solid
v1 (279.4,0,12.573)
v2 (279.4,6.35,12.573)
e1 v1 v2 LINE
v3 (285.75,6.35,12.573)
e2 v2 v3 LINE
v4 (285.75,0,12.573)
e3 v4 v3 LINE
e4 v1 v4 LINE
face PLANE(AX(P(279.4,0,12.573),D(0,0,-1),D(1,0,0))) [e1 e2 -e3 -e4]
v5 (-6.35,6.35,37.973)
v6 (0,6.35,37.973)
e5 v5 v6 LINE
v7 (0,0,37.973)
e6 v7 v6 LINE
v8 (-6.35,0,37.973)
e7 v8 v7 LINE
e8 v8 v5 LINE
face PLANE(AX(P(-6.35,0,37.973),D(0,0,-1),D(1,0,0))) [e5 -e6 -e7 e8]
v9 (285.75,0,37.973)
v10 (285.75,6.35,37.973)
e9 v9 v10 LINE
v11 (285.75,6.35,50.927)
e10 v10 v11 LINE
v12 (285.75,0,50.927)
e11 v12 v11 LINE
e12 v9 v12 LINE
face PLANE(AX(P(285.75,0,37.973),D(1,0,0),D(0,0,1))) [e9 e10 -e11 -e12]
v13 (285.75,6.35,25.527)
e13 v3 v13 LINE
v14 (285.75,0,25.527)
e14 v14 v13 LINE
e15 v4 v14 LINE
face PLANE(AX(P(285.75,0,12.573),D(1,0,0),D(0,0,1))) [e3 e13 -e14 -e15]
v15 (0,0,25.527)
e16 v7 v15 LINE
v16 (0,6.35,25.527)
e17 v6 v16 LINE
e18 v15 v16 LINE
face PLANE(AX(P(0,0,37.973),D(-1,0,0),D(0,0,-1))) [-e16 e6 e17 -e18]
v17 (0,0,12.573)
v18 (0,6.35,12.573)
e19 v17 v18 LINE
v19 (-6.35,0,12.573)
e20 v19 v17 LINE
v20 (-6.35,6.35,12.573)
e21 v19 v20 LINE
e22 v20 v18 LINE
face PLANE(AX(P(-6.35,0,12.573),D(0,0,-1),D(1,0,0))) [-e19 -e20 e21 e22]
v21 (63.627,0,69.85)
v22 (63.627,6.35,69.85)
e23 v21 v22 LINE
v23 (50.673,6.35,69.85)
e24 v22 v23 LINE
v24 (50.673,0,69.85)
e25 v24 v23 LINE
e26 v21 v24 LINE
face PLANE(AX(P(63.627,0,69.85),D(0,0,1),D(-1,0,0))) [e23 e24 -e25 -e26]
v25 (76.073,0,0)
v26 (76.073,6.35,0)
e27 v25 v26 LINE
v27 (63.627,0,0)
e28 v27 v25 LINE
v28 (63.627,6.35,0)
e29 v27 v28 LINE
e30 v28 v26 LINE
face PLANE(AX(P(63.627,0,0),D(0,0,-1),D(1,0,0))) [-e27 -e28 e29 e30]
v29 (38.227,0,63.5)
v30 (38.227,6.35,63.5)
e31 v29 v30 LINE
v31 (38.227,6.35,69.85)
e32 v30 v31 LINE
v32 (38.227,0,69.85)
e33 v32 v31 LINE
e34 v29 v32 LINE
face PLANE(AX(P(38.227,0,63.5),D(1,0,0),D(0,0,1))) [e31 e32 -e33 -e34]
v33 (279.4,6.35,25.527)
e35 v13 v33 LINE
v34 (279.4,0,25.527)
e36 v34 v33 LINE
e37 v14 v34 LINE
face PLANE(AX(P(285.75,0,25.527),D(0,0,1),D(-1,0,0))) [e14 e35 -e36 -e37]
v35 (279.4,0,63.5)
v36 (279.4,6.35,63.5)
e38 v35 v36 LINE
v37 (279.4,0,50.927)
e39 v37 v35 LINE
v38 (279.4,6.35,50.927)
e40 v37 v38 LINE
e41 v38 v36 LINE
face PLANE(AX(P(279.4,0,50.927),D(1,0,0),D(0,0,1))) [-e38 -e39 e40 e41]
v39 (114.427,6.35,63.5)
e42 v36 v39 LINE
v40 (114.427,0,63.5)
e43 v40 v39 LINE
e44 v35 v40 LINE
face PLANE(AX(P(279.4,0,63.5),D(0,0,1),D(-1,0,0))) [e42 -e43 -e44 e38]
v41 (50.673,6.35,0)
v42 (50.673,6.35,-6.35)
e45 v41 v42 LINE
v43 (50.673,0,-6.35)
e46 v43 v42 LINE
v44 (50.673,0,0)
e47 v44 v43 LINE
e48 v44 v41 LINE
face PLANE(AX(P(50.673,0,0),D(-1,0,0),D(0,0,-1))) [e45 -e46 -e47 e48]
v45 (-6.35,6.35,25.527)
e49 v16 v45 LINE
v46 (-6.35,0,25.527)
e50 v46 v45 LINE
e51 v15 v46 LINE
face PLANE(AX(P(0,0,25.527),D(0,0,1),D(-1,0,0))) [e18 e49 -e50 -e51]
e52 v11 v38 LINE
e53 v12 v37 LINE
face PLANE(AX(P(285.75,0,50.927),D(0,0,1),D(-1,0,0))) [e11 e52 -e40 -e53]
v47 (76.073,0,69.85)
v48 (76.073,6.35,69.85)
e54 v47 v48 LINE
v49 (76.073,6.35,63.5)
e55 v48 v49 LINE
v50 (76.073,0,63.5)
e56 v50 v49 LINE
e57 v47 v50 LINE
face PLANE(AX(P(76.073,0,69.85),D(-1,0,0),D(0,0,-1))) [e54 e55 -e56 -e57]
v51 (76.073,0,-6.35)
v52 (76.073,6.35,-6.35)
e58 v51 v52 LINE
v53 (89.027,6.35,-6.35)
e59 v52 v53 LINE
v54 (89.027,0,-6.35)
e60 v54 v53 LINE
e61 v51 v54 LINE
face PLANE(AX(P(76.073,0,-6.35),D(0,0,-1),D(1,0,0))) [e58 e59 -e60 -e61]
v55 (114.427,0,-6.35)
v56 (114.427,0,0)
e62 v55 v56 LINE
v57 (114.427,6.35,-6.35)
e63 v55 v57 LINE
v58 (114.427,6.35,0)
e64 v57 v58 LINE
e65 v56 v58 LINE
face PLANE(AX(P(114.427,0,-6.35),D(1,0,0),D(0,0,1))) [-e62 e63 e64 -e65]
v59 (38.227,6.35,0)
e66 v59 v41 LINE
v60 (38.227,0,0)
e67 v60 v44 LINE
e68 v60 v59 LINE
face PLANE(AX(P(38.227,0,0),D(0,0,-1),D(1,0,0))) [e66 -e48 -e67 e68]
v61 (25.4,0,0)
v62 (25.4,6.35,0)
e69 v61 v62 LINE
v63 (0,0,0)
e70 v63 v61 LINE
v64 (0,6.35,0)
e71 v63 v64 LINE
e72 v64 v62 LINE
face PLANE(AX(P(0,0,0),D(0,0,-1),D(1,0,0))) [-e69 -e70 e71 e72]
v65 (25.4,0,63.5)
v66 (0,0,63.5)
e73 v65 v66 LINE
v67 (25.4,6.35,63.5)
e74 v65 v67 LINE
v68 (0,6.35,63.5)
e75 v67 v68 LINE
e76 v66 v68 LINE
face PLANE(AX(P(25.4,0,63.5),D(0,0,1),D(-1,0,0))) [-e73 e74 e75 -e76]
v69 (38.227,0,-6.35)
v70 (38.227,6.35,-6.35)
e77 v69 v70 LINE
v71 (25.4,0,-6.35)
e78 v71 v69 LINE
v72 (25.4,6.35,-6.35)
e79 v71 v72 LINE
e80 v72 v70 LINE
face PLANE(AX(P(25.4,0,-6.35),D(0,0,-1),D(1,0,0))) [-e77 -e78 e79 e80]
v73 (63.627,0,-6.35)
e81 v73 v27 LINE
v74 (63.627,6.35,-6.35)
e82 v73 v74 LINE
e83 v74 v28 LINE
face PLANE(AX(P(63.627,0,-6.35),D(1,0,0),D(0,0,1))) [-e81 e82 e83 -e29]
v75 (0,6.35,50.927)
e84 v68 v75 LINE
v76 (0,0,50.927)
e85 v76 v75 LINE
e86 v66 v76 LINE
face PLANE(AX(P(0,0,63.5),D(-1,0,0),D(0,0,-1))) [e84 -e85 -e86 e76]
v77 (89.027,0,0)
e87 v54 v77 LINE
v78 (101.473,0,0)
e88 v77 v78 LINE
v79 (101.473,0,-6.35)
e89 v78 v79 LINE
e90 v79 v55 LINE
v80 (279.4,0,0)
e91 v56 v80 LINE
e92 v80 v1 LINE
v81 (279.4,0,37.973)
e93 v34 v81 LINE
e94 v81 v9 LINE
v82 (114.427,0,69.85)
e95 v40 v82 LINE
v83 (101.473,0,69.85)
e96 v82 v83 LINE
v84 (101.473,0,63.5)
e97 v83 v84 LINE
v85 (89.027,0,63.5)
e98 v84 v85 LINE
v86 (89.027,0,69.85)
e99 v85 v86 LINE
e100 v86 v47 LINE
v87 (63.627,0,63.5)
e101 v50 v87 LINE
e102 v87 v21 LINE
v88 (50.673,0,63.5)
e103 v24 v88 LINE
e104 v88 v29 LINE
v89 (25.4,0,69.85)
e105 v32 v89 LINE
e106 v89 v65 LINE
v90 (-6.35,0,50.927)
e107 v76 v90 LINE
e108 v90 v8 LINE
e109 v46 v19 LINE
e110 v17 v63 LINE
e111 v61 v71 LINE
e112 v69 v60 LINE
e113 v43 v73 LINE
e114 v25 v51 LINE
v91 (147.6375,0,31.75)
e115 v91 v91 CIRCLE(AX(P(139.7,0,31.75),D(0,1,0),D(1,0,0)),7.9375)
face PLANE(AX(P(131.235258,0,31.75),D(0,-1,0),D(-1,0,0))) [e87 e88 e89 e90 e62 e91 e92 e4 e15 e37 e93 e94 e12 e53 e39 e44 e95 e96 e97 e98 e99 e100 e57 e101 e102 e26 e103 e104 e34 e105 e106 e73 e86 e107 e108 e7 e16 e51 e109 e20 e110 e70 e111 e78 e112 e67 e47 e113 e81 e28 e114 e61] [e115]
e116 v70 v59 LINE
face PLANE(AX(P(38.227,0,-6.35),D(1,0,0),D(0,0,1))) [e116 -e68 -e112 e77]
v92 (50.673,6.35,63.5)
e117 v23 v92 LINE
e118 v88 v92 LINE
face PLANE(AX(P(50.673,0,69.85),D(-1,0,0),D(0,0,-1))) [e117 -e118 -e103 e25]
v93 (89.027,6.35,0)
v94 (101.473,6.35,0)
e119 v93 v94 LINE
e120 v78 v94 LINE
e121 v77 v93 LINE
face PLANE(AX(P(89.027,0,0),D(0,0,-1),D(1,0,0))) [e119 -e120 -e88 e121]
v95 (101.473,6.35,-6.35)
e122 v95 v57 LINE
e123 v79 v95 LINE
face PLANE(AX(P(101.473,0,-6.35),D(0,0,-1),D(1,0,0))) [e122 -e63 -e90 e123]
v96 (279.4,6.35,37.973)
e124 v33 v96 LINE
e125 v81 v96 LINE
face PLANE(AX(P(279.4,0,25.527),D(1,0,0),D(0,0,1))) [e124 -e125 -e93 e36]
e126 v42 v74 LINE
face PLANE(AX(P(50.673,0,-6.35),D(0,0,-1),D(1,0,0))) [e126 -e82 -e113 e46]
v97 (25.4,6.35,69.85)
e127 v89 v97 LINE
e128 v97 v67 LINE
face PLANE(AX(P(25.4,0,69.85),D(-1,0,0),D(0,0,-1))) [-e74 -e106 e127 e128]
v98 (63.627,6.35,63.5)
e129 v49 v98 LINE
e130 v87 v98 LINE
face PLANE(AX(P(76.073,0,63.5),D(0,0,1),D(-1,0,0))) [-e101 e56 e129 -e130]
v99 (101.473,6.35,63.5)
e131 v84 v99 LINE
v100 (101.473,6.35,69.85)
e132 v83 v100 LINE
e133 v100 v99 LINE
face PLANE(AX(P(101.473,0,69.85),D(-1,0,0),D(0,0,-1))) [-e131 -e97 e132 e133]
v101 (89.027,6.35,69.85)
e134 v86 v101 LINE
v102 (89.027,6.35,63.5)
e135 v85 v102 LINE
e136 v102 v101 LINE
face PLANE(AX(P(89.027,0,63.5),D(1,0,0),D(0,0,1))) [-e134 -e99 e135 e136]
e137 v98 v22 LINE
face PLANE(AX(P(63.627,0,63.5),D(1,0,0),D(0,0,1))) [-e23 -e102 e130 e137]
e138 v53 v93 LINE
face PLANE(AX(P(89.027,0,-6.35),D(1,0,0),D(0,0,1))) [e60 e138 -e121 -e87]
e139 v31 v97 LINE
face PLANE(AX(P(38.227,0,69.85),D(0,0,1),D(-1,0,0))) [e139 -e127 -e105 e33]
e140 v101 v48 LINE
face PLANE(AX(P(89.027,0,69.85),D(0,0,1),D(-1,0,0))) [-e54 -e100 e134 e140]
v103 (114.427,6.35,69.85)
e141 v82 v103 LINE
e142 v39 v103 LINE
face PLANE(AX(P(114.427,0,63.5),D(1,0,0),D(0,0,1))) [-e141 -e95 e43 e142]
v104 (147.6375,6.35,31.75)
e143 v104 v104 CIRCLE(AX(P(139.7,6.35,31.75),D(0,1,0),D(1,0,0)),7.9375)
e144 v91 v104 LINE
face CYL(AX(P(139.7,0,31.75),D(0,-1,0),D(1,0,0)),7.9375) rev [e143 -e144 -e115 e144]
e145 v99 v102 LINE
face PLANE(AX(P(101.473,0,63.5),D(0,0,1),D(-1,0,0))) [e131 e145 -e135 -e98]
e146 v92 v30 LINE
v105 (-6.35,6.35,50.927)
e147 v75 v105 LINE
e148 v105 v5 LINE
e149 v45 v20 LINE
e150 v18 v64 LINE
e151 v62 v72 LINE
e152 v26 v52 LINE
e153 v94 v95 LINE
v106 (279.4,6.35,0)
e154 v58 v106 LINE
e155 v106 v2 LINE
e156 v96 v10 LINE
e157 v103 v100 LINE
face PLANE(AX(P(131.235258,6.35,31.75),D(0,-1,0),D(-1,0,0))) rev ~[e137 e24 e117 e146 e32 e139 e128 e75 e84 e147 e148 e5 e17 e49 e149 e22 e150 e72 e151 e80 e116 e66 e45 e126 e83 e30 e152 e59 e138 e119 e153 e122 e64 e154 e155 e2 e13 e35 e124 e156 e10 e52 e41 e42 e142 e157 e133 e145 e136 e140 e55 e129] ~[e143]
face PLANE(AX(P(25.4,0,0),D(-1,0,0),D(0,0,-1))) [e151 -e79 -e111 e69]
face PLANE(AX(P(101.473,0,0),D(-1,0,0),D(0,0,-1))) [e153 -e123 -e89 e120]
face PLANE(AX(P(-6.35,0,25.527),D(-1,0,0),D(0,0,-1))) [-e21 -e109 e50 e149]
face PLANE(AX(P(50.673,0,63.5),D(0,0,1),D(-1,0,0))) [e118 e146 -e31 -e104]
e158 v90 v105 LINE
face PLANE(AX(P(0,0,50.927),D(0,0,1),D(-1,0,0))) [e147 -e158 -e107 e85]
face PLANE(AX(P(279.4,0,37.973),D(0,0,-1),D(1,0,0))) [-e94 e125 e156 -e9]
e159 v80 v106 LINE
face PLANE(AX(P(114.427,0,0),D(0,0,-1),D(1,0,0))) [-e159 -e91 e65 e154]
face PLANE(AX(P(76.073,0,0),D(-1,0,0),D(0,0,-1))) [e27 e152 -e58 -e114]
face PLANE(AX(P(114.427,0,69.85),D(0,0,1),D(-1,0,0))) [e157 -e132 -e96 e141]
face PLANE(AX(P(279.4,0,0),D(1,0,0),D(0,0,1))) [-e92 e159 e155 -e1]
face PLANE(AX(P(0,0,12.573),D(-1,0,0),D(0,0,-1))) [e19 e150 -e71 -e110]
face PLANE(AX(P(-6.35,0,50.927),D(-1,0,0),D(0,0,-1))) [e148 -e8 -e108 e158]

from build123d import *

# Parameters (mm, degrees)
SKETCH1_R           = 7.9375
BOSS_EXTRUDE1_DEPTH = 6.35


with BuildPart() as part:
    # Sketch1 → Boss-Extrude1 (new body)
    with BuildSketch(Plane(origin=(0, 0, 0), x_dir=(1, 0, 0), z_dir=(0, 1, 0))):
        Polygon((279.4, 0), (279.4, -12.573), (285.75, -12.573), (285.75, -25.527), (279.4, -25.527), (279.4, -37.973), (285.75, -37.973), (285.75, -50.927), (279.4, -50.927), (279.4, -63.5), (114.427, -63.5), (114.427, -69.85), (101.473, -69.85), (101.473, -63.5), (89.027, -63.5), (89.027, -69.85), (76.073, -69.85), (76.073, -63.5), (63.627, -63.5), (63.627, -69.85), (50.673, -69.85), (50.673, -63.5), (38.227, -63.5), (38.227, -69.85), (25.4, -69.85), (25.4, -63.5), (0, -63.5), (0, -50.927), (-6.35, -50.927), (-6.35, -37.973), (0, -37.973), (0, -25.527), (-6.35, -25.527), (-6.35, -12.573), (0, -12.573), (0, 0), (25.4, 0), (25.4, 6.35), (38.227, 6.35), (38.227, 0), (50.673, 0), (50.673, 6.35), (63.627, 6.35), (63.627, 0), (76.073, 0), (76.073, 6.35), (89.027, 6.35), (89.027, 0), (101.473, 0), (101.473, 6.35), (114.427, 6.35), (114.427, 0), align=None)
        with Locations((139.7, -31.75)):
            Circle(SKETCH1_R, mode=Mode.SUBTRACT)
    extrude(amount=BOSS_EXTRUDE1_DEPTH)


solid = part.part
